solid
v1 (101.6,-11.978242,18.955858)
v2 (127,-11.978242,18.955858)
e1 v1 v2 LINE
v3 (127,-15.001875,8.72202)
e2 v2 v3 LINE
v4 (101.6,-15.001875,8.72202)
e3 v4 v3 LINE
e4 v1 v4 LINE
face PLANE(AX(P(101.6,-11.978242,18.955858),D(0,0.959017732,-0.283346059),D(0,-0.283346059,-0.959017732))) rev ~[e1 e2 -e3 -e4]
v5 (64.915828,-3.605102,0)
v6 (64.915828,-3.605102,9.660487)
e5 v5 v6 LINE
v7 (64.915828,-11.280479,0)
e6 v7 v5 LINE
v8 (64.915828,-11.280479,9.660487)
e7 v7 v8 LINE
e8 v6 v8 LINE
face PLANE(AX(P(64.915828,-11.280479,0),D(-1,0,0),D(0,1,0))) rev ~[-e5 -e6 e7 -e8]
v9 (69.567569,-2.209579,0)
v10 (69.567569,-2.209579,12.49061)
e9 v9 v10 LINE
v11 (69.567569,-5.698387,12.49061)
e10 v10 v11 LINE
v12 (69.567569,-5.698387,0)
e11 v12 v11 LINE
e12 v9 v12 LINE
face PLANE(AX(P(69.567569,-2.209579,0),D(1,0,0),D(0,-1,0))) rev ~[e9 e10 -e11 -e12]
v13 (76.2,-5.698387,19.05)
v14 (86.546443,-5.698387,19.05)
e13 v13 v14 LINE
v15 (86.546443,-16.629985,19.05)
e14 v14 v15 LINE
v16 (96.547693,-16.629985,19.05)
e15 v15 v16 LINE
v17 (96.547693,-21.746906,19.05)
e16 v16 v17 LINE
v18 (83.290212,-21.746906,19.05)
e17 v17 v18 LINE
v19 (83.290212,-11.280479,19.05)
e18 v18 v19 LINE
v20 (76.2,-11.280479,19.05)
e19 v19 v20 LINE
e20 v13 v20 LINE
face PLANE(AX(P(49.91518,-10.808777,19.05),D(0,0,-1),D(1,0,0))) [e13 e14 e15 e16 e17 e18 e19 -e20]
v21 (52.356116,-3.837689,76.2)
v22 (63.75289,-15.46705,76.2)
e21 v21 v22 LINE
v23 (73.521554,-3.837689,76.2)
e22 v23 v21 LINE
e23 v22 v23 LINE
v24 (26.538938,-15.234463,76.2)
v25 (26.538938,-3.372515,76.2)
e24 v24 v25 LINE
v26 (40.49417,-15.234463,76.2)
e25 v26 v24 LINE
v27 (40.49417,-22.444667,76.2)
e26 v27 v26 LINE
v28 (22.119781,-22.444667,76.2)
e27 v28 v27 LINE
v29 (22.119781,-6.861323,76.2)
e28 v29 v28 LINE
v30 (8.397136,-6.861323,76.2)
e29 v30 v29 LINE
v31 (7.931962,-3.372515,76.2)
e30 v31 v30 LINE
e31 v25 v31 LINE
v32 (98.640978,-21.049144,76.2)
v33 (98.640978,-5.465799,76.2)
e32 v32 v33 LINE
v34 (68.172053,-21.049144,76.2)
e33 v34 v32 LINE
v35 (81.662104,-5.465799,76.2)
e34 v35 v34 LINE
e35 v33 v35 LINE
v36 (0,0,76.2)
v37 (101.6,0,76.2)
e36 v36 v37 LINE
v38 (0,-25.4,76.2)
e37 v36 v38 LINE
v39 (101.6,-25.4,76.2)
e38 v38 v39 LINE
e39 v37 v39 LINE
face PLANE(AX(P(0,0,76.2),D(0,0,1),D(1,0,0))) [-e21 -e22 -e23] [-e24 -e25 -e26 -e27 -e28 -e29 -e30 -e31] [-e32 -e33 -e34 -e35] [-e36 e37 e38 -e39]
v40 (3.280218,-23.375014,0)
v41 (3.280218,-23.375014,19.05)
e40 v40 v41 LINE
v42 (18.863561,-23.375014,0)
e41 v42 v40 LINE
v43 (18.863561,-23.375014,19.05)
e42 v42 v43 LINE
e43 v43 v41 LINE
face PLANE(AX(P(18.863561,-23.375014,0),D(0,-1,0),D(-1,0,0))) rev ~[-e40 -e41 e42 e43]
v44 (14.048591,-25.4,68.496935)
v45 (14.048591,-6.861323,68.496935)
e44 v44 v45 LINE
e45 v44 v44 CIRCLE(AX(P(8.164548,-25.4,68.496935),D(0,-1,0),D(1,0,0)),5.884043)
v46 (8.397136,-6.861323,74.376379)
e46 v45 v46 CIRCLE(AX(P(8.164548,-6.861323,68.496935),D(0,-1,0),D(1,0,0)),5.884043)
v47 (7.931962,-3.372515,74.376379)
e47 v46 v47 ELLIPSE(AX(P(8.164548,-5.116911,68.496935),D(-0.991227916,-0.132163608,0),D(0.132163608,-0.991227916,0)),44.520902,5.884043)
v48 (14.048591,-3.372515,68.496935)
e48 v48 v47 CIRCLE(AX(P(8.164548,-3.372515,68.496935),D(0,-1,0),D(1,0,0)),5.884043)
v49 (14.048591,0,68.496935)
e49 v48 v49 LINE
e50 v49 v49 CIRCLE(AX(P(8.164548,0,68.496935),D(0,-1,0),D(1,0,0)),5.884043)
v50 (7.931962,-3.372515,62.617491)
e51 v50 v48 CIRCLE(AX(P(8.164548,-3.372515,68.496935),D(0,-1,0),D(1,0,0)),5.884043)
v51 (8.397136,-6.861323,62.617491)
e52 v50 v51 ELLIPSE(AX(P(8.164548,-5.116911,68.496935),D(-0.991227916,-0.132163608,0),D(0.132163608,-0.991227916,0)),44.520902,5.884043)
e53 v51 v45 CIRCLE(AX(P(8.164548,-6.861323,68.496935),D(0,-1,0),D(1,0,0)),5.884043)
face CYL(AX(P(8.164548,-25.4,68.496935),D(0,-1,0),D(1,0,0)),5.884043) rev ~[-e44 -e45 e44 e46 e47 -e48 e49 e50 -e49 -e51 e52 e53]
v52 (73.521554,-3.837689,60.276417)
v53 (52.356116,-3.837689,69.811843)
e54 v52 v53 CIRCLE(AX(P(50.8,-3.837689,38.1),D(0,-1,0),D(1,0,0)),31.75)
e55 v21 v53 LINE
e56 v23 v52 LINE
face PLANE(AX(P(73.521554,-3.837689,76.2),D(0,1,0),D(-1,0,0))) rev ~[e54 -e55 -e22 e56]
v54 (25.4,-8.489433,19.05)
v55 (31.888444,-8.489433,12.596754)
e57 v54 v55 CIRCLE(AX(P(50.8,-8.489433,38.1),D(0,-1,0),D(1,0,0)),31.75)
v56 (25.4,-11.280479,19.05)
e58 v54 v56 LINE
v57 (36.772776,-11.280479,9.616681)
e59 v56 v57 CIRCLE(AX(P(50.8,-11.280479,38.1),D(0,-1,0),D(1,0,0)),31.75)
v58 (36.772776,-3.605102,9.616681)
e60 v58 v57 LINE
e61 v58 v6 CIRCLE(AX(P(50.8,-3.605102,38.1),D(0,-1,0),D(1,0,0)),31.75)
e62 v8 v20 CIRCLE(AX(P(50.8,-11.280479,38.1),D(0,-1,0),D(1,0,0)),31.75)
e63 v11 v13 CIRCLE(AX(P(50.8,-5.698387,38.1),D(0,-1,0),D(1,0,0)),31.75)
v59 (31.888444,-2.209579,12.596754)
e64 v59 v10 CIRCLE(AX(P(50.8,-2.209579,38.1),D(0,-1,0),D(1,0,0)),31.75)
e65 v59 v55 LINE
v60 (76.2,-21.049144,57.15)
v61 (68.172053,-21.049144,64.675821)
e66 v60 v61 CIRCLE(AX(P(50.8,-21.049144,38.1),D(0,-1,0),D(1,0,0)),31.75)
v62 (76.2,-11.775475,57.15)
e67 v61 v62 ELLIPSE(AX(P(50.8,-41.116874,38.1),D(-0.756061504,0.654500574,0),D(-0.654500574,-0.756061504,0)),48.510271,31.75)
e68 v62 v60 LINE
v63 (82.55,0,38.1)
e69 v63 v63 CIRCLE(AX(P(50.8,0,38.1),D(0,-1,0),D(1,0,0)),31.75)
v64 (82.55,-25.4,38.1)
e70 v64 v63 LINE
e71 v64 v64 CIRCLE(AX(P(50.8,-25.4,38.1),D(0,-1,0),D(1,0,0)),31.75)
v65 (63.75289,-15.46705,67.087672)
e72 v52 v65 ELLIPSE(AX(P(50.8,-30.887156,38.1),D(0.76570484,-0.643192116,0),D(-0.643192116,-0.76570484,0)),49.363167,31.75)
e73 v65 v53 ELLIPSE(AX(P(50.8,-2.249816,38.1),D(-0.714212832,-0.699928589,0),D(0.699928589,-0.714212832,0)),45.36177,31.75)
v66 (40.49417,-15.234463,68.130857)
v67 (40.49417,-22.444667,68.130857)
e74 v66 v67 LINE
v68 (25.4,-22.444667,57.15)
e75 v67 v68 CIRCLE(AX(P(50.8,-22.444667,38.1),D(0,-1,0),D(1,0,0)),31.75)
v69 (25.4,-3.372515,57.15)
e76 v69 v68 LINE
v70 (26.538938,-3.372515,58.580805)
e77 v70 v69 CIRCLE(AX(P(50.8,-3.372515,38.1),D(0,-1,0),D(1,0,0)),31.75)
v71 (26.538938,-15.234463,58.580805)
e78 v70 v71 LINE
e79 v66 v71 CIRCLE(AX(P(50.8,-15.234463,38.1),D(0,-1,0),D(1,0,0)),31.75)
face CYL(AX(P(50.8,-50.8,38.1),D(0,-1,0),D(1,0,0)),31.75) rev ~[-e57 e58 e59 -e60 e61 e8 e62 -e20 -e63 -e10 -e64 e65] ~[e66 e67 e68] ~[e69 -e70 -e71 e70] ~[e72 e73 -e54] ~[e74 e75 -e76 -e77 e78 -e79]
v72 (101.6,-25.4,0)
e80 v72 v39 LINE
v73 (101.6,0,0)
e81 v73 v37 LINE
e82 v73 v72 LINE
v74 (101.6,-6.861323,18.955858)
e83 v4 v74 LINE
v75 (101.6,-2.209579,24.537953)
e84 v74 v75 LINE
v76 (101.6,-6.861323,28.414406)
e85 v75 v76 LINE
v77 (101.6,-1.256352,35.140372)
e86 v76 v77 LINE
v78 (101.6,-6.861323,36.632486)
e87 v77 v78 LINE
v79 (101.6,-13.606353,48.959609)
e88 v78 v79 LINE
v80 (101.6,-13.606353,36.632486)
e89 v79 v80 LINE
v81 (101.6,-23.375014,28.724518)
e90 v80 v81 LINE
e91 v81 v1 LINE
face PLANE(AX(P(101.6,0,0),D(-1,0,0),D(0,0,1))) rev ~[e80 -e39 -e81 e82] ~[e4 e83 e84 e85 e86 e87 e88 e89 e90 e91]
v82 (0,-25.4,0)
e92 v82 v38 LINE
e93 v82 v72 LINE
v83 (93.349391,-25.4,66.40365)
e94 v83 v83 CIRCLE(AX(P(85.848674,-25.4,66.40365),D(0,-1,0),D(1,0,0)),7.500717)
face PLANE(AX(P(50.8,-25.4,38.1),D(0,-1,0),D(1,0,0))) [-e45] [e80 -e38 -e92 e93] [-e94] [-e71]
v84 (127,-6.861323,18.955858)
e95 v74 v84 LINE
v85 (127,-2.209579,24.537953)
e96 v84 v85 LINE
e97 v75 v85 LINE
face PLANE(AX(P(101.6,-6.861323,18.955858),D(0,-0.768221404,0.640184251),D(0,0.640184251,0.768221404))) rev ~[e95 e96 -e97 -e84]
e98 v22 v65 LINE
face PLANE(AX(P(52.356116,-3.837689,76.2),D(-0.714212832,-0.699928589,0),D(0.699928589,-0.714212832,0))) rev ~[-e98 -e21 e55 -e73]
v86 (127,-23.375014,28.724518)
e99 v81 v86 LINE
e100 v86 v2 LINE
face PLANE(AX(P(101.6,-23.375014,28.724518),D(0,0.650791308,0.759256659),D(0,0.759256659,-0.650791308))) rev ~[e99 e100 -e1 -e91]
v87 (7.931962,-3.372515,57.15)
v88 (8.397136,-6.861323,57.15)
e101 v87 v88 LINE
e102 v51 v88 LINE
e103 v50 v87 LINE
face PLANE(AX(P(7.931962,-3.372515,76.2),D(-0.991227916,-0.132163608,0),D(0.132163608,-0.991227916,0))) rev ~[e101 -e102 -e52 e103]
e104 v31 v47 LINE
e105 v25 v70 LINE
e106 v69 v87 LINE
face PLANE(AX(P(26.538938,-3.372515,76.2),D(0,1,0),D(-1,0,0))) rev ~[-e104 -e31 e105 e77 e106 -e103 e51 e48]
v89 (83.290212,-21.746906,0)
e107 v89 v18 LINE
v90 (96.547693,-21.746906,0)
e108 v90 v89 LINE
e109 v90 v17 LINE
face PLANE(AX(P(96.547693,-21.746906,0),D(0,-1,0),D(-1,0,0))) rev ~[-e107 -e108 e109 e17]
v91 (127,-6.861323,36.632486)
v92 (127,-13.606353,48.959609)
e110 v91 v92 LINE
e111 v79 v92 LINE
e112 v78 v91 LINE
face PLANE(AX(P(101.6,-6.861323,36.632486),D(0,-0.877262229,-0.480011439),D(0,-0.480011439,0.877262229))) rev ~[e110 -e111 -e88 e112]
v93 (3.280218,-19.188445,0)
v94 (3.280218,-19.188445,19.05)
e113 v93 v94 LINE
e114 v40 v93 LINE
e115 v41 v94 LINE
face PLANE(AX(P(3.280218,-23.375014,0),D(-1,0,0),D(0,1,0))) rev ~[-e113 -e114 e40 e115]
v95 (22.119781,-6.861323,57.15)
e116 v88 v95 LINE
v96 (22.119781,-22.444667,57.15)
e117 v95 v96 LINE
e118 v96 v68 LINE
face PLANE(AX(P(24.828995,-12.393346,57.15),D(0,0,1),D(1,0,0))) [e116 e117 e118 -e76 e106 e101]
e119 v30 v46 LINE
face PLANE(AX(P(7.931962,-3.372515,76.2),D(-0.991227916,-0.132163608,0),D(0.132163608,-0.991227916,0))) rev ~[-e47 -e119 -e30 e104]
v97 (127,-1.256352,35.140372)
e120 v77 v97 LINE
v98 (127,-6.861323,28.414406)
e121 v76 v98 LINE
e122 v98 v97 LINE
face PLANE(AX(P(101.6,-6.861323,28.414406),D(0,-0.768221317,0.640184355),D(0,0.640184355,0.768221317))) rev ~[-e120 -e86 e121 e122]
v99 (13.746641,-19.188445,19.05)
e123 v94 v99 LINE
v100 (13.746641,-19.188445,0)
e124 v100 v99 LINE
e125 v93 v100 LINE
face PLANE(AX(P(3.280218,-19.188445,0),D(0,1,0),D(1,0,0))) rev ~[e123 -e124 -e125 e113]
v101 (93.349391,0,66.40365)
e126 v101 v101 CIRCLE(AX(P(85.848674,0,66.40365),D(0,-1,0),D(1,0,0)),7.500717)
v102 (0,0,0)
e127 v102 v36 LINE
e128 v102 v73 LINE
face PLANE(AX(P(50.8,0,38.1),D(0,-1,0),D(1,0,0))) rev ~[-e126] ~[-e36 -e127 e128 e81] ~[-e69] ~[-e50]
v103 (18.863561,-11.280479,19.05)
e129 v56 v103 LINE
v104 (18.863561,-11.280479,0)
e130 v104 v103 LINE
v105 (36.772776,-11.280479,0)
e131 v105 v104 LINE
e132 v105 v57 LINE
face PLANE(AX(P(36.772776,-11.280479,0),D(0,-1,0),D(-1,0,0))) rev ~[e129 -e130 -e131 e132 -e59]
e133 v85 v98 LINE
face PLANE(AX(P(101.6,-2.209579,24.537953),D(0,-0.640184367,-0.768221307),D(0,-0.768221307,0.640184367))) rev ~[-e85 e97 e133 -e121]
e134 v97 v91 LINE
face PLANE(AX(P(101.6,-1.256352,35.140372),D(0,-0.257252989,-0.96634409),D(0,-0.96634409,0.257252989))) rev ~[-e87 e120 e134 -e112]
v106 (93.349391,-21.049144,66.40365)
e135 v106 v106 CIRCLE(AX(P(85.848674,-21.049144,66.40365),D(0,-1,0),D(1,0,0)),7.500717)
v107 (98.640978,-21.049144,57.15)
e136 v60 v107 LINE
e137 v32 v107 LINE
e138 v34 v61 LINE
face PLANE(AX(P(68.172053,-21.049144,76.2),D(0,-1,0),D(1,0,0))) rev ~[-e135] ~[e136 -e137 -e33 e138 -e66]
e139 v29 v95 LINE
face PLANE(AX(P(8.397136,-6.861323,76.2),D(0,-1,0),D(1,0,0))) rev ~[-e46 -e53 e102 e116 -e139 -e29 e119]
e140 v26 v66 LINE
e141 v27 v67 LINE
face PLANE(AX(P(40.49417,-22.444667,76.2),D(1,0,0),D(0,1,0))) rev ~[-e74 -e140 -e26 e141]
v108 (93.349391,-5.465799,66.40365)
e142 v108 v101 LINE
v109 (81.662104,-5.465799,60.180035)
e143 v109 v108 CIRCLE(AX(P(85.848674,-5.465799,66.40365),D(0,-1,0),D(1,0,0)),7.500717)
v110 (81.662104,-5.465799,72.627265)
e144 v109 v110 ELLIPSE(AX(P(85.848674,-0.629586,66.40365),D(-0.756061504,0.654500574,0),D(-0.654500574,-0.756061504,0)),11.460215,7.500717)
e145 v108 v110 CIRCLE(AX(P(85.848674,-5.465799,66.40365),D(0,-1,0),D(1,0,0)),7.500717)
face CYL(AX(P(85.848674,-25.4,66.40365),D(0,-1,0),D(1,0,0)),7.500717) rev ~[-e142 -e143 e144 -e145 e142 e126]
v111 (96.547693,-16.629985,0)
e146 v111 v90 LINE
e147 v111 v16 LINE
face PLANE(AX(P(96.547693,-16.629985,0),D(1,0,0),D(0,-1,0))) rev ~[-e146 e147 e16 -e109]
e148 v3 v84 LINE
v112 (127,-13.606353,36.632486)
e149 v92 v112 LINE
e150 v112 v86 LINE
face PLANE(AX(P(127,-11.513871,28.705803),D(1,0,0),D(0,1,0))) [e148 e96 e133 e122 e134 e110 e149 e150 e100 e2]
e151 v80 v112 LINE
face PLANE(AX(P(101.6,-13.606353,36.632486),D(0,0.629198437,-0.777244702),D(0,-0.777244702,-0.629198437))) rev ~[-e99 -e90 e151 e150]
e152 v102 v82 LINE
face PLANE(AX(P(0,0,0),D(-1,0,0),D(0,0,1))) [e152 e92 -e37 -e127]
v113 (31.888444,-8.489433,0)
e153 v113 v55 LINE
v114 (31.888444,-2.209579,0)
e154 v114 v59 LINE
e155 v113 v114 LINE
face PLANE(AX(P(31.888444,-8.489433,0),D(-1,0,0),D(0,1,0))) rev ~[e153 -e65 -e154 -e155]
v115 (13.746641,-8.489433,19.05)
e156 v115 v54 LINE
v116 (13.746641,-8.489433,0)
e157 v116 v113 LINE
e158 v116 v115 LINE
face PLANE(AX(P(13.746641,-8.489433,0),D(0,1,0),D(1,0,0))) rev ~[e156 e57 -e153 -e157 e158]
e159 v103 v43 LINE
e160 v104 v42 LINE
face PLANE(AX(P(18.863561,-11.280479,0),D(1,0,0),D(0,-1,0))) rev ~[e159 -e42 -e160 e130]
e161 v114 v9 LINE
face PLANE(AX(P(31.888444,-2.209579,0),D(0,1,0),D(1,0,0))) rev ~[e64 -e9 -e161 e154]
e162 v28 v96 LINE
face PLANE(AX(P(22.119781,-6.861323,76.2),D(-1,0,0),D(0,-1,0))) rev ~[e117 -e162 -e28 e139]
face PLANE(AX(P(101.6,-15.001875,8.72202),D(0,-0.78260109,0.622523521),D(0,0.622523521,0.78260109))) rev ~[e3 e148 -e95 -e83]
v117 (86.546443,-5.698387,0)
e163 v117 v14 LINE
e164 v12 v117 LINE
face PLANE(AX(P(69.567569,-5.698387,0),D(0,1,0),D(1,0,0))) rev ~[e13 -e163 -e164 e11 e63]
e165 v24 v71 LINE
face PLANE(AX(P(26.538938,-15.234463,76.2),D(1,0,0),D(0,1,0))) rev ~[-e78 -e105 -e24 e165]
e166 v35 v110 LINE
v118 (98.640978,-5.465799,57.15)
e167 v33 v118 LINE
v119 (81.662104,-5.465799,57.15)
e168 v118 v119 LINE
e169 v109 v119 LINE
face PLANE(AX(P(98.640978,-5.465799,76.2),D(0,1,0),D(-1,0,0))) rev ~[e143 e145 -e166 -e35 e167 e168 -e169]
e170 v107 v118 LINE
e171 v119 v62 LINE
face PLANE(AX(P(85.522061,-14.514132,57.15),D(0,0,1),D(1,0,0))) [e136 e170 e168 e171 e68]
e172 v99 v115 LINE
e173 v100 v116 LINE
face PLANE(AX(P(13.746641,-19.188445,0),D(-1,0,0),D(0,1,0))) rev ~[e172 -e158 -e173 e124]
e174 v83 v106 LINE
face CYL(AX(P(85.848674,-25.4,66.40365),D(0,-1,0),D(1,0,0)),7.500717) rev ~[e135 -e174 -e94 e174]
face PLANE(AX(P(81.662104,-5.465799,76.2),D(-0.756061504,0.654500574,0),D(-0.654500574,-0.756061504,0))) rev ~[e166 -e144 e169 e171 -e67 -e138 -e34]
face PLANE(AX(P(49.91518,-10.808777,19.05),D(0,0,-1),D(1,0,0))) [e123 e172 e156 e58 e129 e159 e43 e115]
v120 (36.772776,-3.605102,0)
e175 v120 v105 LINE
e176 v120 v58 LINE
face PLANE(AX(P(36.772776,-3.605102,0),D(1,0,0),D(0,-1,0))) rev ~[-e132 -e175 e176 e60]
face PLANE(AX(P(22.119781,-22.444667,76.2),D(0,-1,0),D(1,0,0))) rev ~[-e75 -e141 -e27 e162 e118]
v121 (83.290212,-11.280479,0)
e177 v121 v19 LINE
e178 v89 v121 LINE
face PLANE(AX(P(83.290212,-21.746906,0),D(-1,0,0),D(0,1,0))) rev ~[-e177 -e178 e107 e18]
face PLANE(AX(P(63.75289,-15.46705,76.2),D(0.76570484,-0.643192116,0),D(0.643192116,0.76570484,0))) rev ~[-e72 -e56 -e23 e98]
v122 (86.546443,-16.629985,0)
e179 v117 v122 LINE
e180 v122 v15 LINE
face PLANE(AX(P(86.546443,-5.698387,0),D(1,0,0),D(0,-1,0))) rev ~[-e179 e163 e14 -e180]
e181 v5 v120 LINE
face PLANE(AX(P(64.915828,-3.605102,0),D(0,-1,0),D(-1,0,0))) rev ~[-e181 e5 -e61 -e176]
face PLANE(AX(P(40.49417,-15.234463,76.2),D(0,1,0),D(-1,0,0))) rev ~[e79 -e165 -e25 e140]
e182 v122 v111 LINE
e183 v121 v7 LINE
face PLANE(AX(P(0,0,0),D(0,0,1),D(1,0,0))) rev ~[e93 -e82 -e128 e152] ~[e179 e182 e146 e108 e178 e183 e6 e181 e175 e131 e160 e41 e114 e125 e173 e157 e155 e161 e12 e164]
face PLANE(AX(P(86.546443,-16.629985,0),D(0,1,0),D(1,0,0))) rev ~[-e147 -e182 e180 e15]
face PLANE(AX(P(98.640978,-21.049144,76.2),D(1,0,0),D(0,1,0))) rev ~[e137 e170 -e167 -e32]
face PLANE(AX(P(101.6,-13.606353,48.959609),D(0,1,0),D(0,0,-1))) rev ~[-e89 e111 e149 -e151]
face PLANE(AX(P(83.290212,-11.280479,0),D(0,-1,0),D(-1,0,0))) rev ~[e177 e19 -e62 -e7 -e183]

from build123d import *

# Parameters (mm, degrees)
F0_W      = 101.6
F0_H      = 76.2
F1_DEPTH  = 25.4
F2_R      = 31.75
F3_DEPTH  = 25.4
F3_FACE_R = 31.75
F4_DEPTH  = 50.801
F5_R      = 5.884043
F6_DEPTH  = 25.401
F7_R      = 7.500717
F8_DEPTH  = 25.401
F10_DEPTH = 19.05
F12_DEPTH = 19.05
F14_DEPTH = 19.05
F16_DEPTH = 19.05
F18_DEPTH = 25.4


with BuildPart() as f1:
    # F0 (on Front) → F1 (new body)
    with BuildSketch(Plane.XZ):
        with Locations((50.8, 38.1)):
            Rectangle(F0_W, F0_H)
    extrude(amount=F1_DEPTH)

    # F2 (on face) → F3 (join)
    with BuildSketch(Plane.XZ.offset(25.4)):
        with Locations((50.8, 38.1)):
            Circle(F2_R)
    extrude(amount=F3_DEPTH)

    # F3_face (on face) → F4 (cut, through all)
    with BuildSketch(Plane(origin=(50.8, -50.8, 38.1), x_dir=(1, 0, 0), z_dir=(0, -1, 0))):
        Circle(F3_FACE_R)
    extrude(amount=-F4_DEPTH, mode=Mode.SUBTRACT)

    # F5 (on face) → F6 (cut, through all)
    with BuildSketch(Plane.XZ.offset(25.4)):
        with Locations((8.164548, 68.496935)):
            Circle(F5_R)
    extrude(amount=-F6_DEPTH, mode=Mode.SUBTRACT)

    # F7 (on face) → F8 (cut, through all)
    with BuildSketch(Plane.XZ.offset(25.4)):
        with Locations((85.848674, 66.40365)):
            Circle(F7_R)
    extrude(amount=-F8_DEPTH, mode=Mode.SUBTRACT)

    # F9 (on face) → F10 (cut)
    with BuildSketch(Plane.XY.offset(76.2)):
        Polygon((73.521554, -3.837689), (52.356116, -3.837689), (63.75289, -15.46705), align=None)
    extrude(amount=-F10_DEPTH, mode=Mode.SUBTRACT)

    # F11 (on face) → F12 (cut)
    with BuildSketch(Plane.XY.offset(76.2)):
        Polygon((26.538938, -3.372515), (7.931962, -3.372515), (8.397136, -6.861323), (22.119781, -6.861323), (22.119781, -22.444667), (26.538938, -22.444667), (40.49417, -22.444667), (40.49417, -15.234463), (26.538938, -15.234463), align=None)
    extrude(amount=-F12_DEPTH, mode=Mode.SUBTRACT)

    # F13 (on face) → F14 (cut)
    with BuildSketch(Plane.XY.offset(76.2)):
        Polygon((98.640978, -5.465799), (81.662104, -5.465799), (68.172053, -21.049144), (98.640978, -21.049144), align=None)
    extrude(amount=-F14_DEPTH, mode=Mode.SUBTRACT)

    # F15 (on face) → F16 (cut)
    with BuildSketch(Plane(origin=(0, 0, 0), x_dir=(1, 0, 0), z_dir=(0, 0, -1))):
        Polygon((18.863561, 23.375014), (3.280218, 23.375014), (3.280218, 19.188445), (13.746641, 19.188445), (13.746641, 8.489433), (18.398385, 8.489433), (31.888444, 8.489433), (31.888444, 2.209579), (69.567569, 2.209579), (69.567569, 5.698387), (86.546443, 5.698387), (86.546443, 10.582718), (86.546443, 16.629985), (96.547693, 16.629985), (96.547693, 21.746906), (83.290212, 21.746906), (83.290212, 11.280479), (64.915828, 11.280479), (64.915828, 3.605102), (36.772776, 3.605102), (36.772776, 11.280479), (18.863561, 11.280479), align=None)
    extrude(amount=-F16_DEPTH, mode=Mode.SUBTRACT)

    # F17 (on face) → F18 (join)
    with BuildSketch(Plane.YZ.offset(101.6)):
        Polygon((-23.375014, 28.724518), (-11.978242, 18.955858), (-15.001875, 8.72202), (-6.861323, 18.955858), (-2.209579, 24.537953), (-6.861323, 28.414406), (-1.256352, 35.140372), (-6.861323, 36.632486), (-13.606353, 48.959609), (-13.606353, 36.632486), align=None)
    extrude(amount=F18_DEPTH)


solid = f1.part
